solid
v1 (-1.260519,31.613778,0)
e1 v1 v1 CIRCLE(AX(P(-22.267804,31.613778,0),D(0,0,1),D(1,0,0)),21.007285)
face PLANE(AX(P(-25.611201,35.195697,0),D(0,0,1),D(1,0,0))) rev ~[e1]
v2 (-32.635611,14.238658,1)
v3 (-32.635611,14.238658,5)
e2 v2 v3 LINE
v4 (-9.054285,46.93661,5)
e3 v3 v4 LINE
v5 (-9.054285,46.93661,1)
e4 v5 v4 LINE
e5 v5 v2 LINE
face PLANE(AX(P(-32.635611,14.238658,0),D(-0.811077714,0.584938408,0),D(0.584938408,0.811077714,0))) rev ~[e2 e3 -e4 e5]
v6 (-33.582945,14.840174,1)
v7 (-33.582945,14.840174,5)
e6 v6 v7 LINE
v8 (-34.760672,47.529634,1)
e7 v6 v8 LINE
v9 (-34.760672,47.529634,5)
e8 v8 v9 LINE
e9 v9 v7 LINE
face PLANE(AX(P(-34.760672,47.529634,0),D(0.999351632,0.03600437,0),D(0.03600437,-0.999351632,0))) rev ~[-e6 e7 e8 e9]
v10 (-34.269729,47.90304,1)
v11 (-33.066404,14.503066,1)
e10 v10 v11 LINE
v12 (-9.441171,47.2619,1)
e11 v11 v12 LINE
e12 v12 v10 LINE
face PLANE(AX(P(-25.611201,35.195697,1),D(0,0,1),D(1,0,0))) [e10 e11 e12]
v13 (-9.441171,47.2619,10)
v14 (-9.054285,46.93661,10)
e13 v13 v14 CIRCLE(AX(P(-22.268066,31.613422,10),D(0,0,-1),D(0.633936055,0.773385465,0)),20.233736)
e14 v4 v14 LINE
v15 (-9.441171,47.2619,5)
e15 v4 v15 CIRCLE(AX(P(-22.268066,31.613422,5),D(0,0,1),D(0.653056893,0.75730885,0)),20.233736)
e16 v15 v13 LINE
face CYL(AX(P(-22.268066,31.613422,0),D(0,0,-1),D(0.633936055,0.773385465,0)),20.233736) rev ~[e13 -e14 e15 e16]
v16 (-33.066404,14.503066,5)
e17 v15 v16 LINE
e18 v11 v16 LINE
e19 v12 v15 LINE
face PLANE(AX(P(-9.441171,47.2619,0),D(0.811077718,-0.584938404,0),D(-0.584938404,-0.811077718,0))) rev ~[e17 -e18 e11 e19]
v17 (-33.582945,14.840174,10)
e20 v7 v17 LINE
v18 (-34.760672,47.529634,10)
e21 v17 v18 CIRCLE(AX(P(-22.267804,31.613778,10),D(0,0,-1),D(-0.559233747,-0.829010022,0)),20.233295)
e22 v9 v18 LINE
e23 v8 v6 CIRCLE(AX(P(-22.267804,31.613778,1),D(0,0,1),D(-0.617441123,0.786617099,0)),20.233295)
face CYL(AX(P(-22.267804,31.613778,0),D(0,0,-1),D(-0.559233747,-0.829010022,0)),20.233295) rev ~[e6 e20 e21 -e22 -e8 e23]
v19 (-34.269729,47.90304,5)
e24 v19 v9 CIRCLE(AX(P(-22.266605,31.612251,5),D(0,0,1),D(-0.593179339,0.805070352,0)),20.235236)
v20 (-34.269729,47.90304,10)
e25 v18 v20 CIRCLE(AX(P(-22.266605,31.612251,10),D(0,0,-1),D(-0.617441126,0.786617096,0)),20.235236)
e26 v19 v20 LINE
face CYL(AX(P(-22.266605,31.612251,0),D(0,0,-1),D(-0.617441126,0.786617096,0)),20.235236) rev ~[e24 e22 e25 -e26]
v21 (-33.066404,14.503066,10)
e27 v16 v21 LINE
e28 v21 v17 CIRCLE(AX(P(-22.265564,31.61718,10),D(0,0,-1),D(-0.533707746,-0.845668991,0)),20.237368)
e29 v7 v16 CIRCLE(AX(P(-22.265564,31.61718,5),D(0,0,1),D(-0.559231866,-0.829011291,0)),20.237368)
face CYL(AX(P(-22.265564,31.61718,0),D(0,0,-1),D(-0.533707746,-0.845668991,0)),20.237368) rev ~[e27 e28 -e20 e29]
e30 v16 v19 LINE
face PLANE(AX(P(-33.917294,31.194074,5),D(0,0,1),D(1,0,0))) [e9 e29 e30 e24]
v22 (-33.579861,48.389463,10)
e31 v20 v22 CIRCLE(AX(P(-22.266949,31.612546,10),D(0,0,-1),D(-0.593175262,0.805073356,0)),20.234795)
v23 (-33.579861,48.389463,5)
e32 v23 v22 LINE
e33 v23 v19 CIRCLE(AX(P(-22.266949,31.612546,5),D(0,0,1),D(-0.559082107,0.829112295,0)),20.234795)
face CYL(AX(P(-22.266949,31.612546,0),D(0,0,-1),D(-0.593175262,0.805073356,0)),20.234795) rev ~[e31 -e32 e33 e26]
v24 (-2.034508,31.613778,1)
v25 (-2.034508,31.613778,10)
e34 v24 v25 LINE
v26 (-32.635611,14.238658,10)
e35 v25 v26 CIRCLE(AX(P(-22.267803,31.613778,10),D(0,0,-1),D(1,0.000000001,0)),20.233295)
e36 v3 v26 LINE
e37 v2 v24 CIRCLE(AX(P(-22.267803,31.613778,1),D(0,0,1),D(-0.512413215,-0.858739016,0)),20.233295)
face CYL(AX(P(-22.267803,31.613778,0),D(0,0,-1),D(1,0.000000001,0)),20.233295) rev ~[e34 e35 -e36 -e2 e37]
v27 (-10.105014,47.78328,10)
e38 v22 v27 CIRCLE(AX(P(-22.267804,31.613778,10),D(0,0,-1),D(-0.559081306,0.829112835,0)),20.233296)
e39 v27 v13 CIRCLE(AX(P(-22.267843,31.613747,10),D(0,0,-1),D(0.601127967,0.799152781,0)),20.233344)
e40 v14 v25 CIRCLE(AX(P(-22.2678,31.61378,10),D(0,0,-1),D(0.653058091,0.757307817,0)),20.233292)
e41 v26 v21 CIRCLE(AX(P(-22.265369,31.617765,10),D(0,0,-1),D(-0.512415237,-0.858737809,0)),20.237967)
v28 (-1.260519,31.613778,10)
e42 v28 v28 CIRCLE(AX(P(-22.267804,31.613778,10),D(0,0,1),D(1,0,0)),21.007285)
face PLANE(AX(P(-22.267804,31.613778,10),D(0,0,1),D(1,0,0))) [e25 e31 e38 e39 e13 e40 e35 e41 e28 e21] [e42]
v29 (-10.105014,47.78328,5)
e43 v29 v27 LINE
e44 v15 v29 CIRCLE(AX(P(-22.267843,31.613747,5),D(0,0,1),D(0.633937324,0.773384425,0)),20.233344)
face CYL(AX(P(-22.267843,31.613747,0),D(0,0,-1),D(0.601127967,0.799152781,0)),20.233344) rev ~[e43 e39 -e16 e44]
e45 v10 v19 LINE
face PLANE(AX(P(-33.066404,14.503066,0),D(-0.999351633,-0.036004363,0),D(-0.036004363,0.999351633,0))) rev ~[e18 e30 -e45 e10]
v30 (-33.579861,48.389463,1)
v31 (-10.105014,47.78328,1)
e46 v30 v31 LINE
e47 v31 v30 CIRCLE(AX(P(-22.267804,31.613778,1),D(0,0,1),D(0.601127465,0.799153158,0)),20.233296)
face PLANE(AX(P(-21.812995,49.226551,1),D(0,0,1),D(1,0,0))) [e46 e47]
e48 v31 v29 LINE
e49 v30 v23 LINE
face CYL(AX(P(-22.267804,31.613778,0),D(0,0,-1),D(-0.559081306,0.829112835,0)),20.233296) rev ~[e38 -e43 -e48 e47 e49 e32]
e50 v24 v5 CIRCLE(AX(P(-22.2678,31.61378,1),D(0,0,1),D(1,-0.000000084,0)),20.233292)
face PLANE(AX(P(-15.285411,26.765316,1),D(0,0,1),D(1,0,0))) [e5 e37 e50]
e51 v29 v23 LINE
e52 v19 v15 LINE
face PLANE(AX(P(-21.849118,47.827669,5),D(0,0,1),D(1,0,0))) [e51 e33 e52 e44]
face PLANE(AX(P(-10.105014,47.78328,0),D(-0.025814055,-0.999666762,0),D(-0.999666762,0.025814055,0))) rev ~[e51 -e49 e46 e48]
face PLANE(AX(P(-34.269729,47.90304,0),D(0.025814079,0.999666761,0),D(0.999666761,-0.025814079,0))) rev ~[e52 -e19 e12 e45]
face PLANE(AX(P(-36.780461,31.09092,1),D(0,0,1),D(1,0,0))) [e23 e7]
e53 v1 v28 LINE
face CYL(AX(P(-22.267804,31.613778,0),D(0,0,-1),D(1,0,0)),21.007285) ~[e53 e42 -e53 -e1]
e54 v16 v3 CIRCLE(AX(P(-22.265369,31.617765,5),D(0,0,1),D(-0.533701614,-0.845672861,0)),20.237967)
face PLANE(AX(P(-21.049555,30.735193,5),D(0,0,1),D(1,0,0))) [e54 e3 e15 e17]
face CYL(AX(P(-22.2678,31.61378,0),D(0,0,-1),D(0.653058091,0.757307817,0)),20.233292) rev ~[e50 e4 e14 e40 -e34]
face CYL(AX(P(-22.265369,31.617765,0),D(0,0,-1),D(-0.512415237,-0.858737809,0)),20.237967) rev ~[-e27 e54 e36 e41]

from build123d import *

# Parameters (mm, degrees)
F0_R     = 21.007285
F1_DEPTH = 10
F2_DEPTH = 5
F3_DEPTH = 1


with BuildPart() as f1:
    # F0 (on Top) → F1 (new body)
    with BuildSketch(Plane.XY):
        with Locations((-22.267804, 31.613778)):
            Circle(F0_R)
        with BuildLine():
            ThreePointArc((-9.054285, 46.93661), (-3.872977, 40.040914), (-2.034508, 31.613778))
            ThreePointArc((-2.034508, 31.613778), (-12.277525, 14.018876), (-32.635611, 14.238658))
            ThreePointArc((-32.635611, 14.238658), (-32.851833, 14.369517), (-33.066404, 14.503066))
            ThreePointArc((-33.066404, 14.503066), (-33.325959, 14.669652), (-33.582945, 14.840174))
            ThreePointArc((-33.582945, 14.840174), (-42.48798, 30.885292), (-34.760672, 47.529634))
            ThreePointArc((-34.760672, 47.529634), (-34.516623, 47.718208), (-34.269729, 47.90304))
            ThreePointArc((-34.269729, 47.90304), (-33.927332, 48.149849), (-33.579861, 48.389463))
            ThreePointArc((-33.579861, 48.389463), (-21.7455, 51.840331), (-10.105014, 47.78328))
            ThreePointArc((-10.105014, 47.78328), (-9.770373, 47.526052), (-9.441171, 47.2619))
            ThreePointArc((-9.441171, 47.2619), (-9.246712, 47.100463), (-9.054285, 46.93661))
        make_face(mode=Mode.SUBTRACT)
    extrude(amount=F1_DEPTH)

    # F0 (on Top) → F2 (join)
    with BuildSketch(Plane.XY):
        with BuildLine():
            Line((-34.269729, 47.90304), (-9.441171, 47.2619))
            ThreePointArc((-9.441171, 47.2619), (-9.770373, 47.526052), (-10.105014, 47.78328))
            Line((-10.105014, 47.78328), (-33.579861, 48.389463))
            ThreePointArc((-33.579861, 48.389463), (-33.927332, 48.149849), (-34.269729, 47.90304))
        make_face()
        with BuildLine():
            Line((-32.635611, 14.238658), (-9.054285, 46.93661))
            ThreePointArc((-9.054285, 46.93661), (-9.246712, 47.100463), (-9.441171, 47.2619))
            Line((-9.441171, 47.2619), (-33.066404, 14.503066))
            ThreePointArc((-33.066404, 14.503066), (-32.851833, 14.369517), (-32.635611, 14.238658))
        make_face()
        with BuildLine():
            ThreePointArc((-33.582945, 14.840174), (-33.325959, 14.669652), (-33.066404, 14.503066))
            Line((-33.066404, 14.503066), (-34.269729, 47.90304))
            ThreePointArc((-34.269729, 47.90304), (-34.516623, 47.718208), (-34.760672, 47.529634))
            Line((-34.760672, 47.529634), (-33.582945, 14.840174))
        make_face()
    extrude(amount=F2_DEPTH)

    # F0 (on Top) → F3 (join)
    with BuildSketch(Plane.XY):
        Polygon((-33.066404, 14.503066), (-9.441171, 47.2619), (-34.269729, 47.90304), align=None)
        with BuildLine():
            Line((-33.579861, 48.389463), (-10.105014, 47.78328))
            ThreePointArc((-10.105014, 47.78328), (-21.7455, 51.840331), (-33.579861, 48.389463))
        make_face()
        with BuildLine():
            ThreePointArc((-32.635611, 14.238658), (-12.277525, 14.018876), (-2.034508, 31.613778))
            ThreePointArc((-2.034508, 31.613778), (-3.872977, 40.040914), (-9.054285, 46.93661))
            Line((-9.054285, 46.93661), (-32.635611, 14.238658))
        make_face()
        with BuildLine():
            ThreePointArc((-34.760672, 47.529634), (-42.48798, 30.885292), (-33.582945, 14.840174))
            Line((-33.582945, 14.840174), (-34.760672, 47.529634))
        make_face()
    extrude(amount=F3_DEPTH)


solid = f1.part
